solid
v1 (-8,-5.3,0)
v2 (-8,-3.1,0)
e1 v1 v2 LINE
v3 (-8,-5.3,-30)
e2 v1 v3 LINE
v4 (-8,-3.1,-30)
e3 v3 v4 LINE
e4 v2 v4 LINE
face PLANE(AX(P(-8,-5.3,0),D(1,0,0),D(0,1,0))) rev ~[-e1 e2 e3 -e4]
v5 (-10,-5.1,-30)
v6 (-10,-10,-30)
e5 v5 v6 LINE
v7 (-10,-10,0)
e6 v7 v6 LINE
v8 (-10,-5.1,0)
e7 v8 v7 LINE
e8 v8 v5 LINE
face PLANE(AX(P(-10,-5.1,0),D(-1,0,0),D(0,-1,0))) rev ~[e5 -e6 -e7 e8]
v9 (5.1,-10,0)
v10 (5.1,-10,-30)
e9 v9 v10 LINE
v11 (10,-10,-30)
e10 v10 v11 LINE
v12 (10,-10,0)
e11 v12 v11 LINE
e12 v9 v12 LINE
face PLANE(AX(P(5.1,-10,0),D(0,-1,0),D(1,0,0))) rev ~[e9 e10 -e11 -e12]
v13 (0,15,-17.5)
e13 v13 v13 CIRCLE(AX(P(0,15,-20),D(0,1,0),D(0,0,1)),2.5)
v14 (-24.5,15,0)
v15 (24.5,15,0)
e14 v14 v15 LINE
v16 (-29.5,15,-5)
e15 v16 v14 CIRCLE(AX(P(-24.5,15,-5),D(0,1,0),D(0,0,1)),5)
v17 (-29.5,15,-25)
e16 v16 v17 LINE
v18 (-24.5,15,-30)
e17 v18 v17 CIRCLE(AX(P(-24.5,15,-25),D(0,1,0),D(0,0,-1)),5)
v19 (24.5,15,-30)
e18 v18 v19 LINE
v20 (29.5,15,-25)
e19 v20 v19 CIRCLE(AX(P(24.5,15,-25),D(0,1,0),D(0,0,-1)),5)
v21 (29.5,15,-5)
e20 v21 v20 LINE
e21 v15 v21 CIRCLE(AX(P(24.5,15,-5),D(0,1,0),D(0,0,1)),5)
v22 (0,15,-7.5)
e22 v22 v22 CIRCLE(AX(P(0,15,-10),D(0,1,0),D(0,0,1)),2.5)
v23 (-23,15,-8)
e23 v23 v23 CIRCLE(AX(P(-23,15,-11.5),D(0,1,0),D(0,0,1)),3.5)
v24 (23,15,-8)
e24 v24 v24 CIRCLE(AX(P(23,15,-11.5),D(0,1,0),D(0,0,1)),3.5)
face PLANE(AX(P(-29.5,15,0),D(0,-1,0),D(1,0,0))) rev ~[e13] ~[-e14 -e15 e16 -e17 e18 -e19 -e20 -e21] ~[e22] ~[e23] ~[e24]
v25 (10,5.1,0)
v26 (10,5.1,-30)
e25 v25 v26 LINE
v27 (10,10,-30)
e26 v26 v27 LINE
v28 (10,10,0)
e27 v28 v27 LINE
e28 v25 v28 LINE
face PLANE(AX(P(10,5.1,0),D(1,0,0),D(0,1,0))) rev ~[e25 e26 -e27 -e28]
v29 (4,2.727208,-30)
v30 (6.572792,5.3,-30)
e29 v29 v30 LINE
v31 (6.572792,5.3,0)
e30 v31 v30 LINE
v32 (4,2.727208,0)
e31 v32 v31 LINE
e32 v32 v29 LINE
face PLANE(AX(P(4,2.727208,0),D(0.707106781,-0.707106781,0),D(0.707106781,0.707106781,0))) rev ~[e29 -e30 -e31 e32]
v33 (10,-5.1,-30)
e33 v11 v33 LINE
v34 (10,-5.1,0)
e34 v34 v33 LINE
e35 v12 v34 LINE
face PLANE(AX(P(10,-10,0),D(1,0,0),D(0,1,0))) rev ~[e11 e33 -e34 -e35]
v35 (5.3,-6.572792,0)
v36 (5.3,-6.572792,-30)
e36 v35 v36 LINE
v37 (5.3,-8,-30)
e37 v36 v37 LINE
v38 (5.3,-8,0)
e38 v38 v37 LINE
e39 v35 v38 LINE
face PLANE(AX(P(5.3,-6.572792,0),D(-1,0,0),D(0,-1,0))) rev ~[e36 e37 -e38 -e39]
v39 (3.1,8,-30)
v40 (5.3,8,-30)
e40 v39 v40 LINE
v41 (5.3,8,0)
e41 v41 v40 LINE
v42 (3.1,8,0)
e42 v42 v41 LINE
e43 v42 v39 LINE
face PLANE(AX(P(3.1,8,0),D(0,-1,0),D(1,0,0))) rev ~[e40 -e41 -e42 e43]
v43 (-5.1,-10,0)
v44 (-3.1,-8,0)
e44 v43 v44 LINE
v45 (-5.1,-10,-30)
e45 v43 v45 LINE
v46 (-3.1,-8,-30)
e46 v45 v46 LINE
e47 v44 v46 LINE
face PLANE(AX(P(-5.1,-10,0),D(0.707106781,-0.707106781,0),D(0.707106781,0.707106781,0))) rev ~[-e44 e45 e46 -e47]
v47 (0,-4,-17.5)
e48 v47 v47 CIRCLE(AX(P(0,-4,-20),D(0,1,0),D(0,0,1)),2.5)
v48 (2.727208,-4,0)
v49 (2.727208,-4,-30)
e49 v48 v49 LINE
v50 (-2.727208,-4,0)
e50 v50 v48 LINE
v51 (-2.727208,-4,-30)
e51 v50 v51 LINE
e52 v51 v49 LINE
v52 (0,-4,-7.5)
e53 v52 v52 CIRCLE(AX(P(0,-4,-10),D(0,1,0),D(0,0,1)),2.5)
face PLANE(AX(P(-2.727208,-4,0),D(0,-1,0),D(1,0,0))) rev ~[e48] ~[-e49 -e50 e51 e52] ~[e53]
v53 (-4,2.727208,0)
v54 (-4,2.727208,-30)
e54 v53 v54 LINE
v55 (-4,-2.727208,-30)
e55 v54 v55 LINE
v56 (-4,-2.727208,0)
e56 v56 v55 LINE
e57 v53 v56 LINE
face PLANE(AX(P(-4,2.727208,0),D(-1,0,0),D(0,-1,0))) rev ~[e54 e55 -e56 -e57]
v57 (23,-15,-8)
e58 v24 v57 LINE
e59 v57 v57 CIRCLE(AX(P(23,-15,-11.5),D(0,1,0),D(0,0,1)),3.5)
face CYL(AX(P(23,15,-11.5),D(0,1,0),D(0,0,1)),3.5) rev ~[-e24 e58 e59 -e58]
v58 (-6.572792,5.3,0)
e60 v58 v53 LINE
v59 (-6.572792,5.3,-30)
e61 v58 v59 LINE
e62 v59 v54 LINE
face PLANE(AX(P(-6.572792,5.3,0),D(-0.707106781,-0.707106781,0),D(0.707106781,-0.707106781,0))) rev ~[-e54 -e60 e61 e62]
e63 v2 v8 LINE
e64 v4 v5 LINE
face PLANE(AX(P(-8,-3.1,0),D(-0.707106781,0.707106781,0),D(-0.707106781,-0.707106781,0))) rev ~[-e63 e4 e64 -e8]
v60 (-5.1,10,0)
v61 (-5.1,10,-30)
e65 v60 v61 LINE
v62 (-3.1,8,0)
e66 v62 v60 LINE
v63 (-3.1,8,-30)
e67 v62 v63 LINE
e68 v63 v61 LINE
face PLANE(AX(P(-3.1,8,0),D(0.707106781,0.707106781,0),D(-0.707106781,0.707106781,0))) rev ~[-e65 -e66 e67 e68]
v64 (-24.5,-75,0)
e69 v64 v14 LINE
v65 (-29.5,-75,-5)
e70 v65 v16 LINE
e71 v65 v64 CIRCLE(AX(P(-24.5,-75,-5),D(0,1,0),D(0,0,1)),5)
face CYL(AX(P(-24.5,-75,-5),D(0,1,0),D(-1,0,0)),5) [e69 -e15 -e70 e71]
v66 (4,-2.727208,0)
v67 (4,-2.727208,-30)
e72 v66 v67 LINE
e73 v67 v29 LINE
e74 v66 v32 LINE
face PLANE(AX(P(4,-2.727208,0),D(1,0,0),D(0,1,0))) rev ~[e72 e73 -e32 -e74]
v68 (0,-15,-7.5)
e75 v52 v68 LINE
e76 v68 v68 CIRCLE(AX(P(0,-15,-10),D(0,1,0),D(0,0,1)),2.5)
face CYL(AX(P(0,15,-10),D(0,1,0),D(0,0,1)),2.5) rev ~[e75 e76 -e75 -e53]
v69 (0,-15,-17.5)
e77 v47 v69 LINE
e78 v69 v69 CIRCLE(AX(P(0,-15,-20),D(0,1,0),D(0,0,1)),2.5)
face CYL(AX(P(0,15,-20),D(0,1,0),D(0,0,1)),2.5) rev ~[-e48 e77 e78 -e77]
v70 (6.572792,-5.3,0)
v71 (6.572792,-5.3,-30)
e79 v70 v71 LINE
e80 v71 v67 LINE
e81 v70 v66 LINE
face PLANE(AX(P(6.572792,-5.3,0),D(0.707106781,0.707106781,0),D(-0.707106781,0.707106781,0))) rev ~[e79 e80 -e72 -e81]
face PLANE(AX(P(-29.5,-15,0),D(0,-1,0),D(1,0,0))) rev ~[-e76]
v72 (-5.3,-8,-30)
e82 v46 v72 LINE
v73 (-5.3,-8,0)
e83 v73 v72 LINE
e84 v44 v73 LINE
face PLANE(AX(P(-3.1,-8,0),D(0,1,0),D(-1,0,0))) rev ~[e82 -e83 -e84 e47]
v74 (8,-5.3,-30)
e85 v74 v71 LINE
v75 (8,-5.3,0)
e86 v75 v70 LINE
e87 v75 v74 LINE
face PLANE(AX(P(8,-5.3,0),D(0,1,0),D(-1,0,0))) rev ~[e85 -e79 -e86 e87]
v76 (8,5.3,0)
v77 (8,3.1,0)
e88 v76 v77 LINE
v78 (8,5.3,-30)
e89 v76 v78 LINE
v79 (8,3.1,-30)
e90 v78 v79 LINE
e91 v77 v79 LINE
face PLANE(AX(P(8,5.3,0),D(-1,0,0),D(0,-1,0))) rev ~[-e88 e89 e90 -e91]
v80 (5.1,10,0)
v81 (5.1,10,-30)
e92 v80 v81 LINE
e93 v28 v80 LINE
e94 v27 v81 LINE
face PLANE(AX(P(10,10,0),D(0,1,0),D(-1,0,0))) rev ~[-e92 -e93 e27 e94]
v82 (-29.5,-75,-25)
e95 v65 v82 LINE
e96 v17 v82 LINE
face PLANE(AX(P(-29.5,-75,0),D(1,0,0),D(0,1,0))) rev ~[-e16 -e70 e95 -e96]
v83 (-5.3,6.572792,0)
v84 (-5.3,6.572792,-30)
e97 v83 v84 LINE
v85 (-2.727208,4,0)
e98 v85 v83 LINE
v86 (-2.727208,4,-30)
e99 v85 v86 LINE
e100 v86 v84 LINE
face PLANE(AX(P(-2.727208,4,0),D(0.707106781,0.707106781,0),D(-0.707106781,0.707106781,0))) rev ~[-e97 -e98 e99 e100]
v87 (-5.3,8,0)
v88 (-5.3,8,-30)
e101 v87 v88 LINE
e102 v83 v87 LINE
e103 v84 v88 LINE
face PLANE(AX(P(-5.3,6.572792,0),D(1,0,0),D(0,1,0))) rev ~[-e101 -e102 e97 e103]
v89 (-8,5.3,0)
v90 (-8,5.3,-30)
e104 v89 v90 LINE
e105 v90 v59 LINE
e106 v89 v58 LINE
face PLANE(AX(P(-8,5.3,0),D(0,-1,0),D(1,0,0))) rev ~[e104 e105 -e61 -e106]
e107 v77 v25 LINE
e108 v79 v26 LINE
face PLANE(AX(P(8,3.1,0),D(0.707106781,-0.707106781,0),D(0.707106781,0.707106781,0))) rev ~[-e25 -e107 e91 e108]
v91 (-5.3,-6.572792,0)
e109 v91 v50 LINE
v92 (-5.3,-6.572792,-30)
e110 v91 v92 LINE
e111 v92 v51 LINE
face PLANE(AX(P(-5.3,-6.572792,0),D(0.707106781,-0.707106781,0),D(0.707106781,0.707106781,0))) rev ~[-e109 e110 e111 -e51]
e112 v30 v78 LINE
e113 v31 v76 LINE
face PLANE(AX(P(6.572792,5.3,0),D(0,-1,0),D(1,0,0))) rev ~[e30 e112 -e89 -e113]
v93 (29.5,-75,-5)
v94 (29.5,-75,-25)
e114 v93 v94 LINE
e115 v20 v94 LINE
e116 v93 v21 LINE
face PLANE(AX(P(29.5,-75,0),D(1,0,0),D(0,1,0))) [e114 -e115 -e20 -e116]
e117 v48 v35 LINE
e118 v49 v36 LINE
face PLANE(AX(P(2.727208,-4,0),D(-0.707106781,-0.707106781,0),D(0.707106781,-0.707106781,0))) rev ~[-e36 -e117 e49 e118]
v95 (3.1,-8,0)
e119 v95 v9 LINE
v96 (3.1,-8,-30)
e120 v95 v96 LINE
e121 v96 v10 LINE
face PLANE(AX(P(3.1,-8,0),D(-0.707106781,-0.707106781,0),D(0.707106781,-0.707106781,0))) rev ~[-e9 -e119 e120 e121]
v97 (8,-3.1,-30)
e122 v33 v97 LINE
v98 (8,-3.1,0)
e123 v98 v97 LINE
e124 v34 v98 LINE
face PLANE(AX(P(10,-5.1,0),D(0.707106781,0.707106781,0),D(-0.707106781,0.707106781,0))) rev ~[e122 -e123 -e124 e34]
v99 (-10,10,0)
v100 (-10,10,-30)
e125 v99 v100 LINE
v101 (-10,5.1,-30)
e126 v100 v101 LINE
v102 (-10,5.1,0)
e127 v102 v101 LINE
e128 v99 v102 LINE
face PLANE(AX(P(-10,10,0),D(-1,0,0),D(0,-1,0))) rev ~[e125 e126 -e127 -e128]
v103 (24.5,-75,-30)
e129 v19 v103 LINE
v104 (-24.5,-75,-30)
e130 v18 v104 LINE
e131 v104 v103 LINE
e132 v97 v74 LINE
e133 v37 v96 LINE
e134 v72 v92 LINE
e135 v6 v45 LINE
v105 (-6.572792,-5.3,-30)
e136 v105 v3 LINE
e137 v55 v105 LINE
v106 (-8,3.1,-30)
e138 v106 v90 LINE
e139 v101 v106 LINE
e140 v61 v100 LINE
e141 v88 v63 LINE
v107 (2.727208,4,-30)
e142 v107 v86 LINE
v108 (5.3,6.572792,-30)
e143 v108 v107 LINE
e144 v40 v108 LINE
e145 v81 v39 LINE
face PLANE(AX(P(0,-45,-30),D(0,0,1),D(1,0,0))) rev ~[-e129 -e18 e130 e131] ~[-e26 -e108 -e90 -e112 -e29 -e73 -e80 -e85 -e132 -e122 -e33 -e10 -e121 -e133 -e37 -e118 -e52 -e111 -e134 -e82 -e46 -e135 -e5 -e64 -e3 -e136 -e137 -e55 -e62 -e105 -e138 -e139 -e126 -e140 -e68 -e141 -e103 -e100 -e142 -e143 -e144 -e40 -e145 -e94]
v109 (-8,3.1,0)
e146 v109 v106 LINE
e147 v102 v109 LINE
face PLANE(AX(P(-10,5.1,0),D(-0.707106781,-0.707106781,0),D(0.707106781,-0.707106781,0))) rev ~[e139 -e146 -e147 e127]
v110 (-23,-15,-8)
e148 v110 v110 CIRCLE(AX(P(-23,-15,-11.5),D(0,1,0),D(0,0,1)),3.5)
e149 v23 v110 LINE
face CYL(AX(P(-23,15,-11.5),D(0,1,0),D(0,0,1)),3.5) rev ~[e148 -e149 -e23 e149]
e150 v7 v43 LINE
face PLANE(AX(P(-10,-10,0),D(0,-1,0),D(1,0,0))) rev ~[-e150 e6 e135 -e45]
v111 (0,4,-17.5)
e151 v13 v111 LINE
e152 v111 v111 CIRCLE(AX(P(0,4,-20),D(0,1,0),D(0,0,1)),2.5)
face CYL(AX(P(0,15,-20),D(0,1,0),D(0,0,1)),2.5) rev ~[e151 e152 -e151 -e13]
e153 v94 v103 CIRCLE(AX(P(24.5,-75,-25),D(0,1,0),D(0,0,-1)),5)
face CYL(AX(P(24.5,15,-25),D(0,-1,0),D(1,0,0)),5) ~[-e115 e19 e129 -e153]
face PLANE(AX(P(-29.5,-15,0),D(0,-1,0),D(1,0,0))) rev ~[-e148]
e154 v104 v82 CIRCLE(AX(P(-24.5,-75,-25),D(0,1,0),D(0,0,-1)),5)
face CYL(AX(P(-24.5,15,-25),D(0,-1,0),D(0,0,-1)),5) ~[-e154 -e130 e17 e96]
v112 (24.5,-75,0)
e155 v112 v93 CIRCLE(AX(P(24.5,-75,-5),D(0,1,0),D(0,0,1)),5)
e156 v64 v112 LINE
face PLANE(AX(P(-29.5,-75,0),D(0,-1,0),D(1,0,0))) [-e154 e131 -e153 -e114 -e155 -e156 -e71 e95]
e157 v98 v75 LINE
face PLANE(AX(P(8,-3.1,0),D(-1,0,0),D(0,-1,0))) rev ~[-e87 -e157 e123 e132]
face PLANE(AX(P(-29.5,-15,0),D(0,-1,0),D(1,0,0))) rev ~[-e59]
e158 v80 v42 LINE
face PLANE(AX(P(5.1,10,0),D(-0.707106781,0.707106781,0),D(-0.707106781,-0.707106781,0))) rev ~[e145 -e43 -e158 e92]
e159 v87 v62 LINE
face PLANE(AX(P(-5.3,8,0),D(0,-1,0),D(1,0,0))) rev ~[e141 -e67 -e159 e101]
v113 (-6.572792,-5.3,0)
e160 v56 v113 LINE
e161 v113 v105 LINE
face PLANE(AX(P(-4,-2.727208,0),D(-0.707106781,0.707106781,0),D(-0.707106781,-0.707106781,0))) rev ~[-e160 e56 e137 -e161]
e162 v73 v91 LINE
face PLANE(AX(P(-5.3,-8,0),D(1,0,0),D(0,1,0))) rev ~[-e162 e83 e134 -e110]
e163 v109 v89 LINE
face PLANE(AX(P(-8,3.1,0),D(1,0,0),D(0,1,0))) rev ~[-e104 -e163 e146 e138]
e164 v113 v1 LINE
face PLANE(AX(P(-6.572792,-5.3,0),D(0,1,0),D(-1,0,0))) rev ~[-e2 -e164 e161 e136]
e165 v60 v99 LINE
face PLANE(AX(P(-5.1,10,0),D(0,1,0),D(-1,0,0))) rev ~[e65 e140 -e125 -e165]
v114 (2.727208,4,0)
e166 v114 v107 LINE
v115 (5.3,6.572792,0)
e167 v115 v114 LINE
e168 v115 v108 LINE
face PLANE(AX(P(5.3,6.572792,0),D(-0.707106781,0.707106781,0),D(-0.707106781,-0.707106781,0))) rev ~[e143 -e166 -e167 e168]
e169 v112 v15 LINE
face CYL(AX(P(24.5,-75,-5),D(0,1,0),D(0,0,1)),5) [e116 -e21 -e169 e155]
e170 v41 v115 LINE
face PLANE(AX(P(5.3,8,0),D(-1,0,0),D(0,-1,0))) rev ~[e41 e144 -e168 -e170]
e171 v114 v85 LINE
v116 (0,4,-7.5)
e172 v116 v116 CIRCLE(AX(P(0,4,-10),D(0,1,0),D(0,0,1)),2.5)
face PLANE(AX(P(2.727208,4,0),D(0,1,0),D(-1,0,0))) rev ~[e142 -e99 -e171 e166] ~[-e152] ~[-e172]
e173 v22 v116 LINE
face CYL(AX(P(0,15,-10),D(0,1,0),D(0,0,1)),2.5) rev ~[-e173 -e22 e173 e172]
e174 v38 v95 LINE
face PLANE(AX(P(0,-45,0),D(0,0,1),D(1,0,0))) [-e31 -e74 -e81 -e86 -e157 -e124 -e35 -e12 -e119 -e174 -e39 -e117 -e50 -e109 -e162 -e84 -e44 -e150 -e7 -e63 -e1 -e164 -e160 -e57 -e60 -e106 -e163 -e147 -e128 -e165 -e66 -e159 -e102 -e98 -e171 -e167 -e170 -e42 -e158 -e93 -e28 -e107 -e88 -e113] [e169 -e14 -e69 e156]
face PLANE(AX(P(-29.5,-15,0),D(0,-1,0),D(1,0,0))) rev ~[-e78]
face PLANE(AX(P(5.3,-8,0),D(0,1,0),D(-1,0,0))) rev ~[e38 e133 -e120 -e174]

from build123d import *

# Parameters (mm, degrees)
SKETCH1_W           = 59
SKETCH1_H           = 30
BOSS_EXTRUDE1_DEPTH = 30
SKETCH2_R           = 2.5
SKETCH2_R_2         = 3.5
CUT_EXTRUDE1_DEPTH  = 52.674461778
SKETCH3_W           = 59
SKETCH3_H           = 60
BOSS_EXTRUDE2_DEPTH = 30
FILLET1_R           = 5
FILLET2_R           = 5
FILLET3_R           = 5
FILLET4_R           = 5


with BuildPart() as part:
    # Sketch1 → Boss-Extrude1 (new body)
    with BuildSketch(Plane.XY):
        Rectangle(SKETCH1_W, SKETCH1_H)
        Polygon((4, 2.727207794), (6.572792206, 5.3), (8, 5.3), (8, 3.1), (10, 5.1), (10, 10), (5.1, 10), (3.1, 8), (5.3, 8), (5.3, 6.572792206), (2.727207794, 4), (-2.727207794, 4), (-5.3, 6.572792206), (-5.3, 8), (-3.1, 8), (-5.1, 10), (-10, 10), (-10, 5.1), (-8, 3.1), (-8, 5.3), (-6.572792206, 5.3), (-4, 2.727207794), (-4, -2.727207794), (-6.572792206, -5.3), (-8, -5.3), (-8, -3.1), (-10, -5.1), (-10, -10), (-5.1, -10), (-3.1, -8), (-5.3, -8), (-5.3, -6.572792206), (-2.727207794, -4), (2.727207794, -4), (5.3, -6.572792206), (5.3, -8), (3.1, -8), (5.1, -10), (10, -10), (10, -5.1), (8, -3.1), (8, -5.3), (6.572792206, -5.3), (4, -2.727207794), align=None, mode=Mode.SUBTRACT)
    extrude(amount=-BOSS_EXTRUDE1_DEPTH)

    # Sketch2 → Cut-Extrude1 (cut, through all)
    with BuildSketch(Plane(origin=(0, 15, 0), x_dir=(1, 0, 0), z_dir=(0, 1, 0))):
        with Locations(Location((0, 10, 0), (0, 0, 270))):
            Circle(SKETCH2_R)
        with Locations(Location((0, 20, 0), (0, 0, 270))):
            Circle(SKETCH2_R)
        with Locations(Location((23, 11.5, 0), (0, 0, 270))):
            Circle(SKETCH2_R_2)
        with Locations(Location((-23, 11.5, 0), (0, 0, 270))):
            Circle(SKETCH2_R_2)
    extrude(amount=-CUT_EXTRUDE1_DEPTH, mode=Mode.SUBTRACT)

    # Sketch3 → Boss-Extrude2 (add)
    with BuildSketch(Plane.XY):
        with Locations((0, -45)):
            Rectangle(SKETCH3_W, SKETCH3_H)
    extrude(amount=-BOSS_EXTRUDE2_DEPTH)

    # Fillet1
    fillet1_edges = [part.edges().sort_by_distance(p)[0] for p in [
        (29.5, -30, 0),
    ]]
    fillet(fillet1_edges, radius=FILLET1_R)

    # Fillet2
    fillet2_edges = [part.edges().sort_by_distance(p)[0] for p in [
        (29.5, -30, -30),
    ]]
    fillet(fillet2_edges, radius=FILLET2_R)

    # Fillet3
    fillet3_edges = [part.edges().sort_by_distance(p)[0] for p in [
        (-29.5, -30, -30),
    ]]
    fillet(fillet3_edges, radius=FILLET3_R)

    # Fillet4
    fillet4_edges = [part.edges().sort_by_distance(p)[0] for p in [
        (-29.5, -30, 0),
    ]]
    fillet(fillet4_edges, radius=FILLET4_R)


solid = part.part
